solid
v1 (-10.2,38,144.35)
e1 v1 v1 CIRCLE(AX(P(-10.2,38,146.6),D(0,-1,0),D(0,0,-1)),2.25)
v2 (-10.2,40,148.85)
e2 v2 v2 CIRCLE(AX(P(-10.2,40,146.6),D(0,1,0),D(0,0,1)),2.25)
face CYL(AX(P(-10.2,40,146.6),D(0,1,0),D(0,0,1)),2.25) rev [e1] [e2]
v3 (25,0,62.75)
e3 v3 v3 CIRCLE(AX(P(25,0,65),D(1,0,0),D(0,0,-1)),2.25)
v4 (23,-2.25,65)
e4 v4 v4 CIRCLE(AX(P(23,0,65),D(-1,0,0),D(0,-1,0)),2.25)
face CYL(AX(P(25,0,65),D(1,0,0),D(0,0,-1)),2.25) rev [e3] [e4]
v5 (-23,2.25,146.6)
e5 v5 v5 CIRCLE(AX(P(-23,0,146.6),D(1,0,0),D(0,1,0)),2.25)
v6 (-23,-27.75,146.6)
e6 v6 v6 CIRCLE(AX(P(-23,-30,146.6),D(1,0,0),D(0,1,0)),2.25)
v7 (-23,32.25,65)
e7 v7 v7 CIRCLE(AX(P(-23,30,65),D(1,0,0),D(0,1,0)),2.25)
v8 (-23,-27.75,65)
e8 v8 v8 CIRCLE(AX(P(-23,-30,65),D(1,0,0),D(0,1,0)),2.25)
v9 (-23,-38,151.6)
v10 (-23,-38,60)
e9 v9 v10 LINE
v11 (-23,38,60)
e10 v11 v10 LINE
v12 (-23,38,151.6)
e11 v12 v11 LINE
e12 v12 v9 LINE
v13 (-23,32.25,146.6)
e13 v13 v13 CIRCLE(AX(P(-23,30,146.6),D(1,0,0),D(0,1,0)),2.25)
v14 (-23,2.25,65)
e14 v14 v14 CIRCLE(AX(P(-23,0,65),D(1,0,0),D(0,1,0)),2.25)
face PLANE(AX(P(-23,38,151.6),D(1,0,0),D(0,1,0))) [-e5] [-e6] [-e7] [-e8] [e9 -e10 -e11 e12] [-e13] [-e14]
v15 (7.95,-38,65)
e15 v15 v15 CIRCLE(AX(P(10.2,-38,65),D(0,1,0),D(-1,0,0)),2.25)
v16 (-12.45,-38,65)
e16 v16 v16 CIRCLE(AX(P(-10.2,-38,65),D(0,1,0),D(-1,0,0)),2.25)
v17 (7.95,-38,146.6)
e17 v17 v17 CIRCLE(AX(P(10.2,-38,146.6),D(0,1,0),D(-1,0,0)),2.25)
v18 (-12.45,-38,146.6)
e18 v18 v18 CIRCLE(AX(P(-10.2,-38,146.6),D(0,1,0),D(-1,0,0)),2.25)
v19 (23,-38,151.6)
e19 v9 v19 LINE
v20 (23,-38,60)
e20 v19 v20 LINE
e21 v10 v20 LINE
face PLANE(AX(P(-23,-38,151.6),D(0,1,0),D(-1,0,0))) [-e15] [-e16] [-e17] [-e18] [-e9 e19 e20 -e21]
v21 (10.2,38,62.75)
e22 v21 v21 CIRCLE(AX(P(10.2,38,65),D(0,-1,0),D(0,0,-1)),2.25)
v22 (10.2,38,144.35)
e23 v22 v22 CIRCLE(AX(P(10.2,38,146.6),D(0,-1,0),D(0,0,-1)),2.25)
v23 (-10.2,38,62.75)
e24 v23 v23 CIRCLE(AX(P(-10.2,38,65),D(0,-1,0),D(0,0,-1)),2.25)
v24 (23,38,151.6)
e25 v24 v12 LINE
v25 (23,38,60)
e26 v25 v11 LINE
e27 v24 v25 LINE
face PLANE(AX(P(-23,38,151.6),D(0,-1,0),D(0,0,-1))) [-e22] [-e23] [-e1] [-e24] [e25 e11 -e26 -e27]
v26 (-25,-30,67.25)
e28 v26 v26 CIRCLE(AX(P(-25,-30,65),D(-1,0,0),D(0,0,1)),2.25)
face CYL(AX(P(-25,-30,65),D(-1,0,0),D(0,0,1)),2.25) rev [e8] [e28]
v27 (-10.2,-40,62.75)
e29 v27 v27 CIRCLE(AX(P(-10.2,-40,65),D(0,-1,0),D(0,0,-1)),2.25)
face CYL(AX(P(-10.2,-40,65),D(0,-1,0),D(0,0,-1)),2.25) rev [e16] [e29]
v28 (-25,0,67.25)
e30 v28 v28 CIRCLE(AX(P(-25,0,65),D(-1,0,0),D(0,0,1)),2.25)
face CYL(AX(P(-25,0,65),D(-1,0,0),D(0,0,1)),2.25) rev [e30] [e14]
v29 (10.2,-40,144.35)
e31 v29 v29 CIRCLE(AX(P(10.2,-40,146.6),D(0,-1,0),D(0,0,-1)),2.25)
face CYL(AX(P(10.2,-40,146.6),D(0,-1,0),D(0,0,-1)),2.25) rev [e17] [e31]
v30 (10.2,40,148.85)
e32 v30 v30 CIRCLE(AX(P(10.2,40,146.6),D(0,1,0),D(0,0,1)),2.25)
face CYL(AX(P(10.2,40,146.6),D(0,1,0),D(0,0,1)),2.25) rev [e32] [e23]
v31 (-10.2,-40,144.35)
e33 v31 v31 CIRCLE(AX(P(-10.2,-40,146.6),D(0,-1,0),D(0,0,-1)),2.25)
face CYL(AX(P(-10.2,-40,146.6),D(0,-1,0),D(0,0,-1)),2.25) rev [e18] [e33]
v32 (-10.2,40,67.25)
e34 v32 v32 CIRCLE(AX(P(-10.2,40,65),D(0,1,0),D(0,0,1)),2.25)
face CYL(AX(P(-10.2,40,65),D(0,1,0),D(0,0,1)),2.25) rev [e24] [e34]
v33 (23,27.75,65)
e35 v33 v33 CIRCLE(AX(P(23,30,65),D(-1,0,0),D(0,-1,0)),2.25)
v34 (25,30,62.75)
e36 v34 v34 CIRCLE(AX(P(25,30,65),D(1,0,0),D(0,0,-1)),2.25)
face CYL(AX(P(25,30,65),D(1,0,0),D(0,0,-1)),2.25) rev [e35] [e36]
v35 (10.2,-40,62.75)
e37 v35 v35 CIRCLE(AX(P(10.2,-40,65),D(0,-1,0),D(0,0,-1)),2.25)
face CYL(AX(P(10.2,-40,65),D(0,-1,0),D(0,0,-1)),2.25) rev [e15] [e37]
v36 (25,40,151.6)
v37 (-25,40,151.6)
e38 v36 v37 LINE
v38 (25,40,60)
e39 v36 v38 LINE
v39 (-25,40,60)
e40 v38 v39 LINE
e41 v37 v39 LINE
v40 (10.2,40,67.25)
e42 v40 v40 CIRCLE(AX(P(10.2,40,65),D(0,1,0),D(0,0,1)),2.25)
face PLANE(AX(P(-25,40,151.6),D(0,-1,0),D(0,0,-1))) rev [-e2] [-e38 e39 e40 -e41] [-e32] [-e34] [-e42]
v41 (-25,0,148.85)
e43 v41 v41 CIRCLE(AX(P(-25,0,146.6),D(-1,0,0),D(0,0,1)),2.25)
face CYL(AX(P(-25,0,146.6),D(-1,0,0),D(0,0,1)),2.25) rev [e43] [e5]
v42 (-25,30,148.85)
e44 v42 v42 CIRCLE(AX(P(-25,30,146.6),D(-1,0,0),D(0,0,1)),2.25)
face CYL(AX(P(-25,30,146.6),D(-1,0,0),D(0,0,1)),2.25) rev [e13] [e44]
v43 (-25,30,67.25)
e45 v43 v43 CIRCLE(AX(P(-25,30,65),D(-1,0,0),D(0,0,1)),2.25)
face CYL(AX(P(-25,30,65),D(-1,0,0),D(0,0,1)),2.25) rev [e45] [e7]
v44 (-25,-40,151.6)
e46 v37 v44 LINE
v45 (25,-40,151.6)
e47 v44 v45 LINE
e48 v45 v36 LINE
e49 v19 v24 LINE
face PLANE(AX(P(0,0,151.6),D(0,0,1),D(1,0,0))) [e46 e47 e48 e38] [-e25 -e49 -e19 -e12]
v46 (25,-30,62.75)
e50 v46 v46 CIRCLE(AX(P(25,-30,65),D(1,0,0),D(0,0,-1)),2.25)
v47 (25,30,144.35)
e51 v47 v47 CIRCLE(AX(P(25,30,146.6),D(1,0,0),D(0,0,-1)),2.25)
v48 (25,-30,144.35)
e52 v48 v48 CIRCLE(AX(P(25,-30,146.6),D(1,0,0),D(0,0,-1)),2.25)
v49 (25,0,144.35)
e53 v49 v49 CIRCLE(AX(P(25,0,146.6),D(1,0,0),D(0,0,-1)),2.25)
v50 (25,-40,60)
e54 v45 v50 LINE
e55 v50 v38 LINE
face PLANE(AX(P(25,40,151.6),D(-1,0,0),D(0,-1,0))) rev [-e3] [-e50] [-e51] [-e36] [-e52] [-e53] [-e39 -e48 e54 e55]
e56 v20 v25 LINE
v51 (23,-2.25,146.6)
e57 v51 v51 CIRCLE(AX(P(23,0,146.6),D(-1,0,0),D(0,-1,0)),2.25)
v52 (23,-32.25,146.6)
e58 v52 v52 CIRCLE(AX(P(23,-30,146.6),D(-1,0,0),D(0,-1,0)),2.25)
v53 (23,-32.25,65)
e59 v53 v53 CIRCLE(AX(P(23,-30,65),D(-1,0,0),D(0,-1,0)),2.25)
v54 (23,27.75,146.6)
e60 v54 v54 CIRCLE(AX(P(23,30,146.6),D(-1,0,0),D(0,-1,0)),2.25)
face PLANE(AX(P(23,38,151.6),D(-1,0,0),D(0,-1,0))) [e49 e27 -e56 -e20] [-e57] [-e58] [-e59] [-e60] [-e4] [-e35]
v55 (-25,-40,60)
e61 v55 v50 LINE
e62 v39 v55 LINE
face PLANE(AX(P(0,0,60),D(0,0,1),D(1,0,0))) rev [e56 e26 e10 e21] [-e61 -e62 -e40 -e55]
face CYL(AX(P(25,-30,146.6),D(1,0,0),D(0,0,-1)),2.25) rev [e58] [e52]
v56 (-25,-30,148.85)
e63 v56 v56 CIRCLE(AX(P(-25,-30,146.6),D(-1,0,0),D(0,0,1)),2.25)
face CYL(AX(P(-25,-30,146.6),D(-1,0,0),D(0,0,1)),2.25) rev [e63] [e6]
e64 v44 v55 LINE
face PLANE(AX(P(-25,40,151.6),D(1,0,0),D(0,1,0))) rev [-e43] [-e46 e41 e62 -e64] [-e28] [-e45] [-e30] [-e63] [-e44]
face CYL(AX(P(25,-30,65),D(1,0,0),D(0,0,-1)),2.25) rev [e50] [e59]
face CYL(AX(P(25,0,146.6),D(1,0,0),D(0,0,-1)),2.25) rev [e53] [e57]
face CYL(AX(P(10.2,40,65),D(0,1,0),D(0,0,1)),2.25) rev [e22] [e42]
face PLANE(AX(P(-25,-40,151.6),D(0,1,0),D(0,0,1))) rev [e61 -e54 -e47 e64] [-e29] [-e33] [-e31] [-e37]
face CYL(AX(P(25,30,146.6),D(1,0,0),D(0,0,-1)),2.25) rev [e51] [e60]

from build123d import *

# Parameters (mm, degrees)
SKETCH1_W                      = 50
SKETCH1_H                      = 80
SKETCH1_W_2                    = 46
SKETCH1_H_2                    = 76
BOSS_EXTRUDE1_DEPTH            = 91.6
M4_CLEARANCE_HOLE1_D           = 4.5
M4_CLEARANCE_HOLE1_ON_FACE_2_D = 4.5
M4_CLEARANCE_HOLE1_ON_FACE_3_D = 4.5
M4_CLEARANCE_HOLE1_ON_FACE_4_D = 4.5


with BuildPart() as part:
    # Sketch1 → Boss-Extrude1 (new body)
    with BuildSketch(Plane.XY.offset(60)):
        Rectangle(SKETCH1_W, SKETCH1_H)
        Rectangle(SKETCH1_W_2, SKETCH1_H_2, mode=Mode.SUBTRACT)
    extrude(amount=BOSS_EXTRUDE1_DEPTH)

    # M4 Clearance Hole1 (through all)
    with Locations(Plane(origin=(25, 30, 65), x_dir=(0, 1, 0), z_dir=(1, 0, 0))):
        with Locations((0, 0), (-30, 0), (-60, 0), (-60, 81.6), (-30, 81.6), (0, 81.6)):
            Hole(M4_CLEARANCE_HOLE1_D / 2)

    # M4 Clearance Hole1 on face 2 (through all)
    with Locations(Plane(origin=(10.2, -40, 65), x_dir=(0, 0, -1), z_dir=(0, -1, 0))):
        with Locations((0, 0), (0, -20.4), (-81.6, -20.4), (-81.6, 0)):
            Hole(M4_CLEARANCE_HOLE1_ON_FACE_2_D / 2)

    # M4 Clearance Hole1 on face 3 (through all)
    with Locations(Plane(origin=(-25, -30, 65), x_dir=(0, 0, -1), z_dir=(-1, 0, 0))):
        with Locations((0, 0), (0, -60), (0, -30), (-81.6, -60), (-81.6, -30), (-81.6, 0)):
            Hole(M4_CLEARANCE_HOLE1_ON_FACE_3_D / 2)

    # M4 Clearance Hole1 on face 4 (through all)
    with Locations(Plane(origin=(10.2, 40, 65), x_dir=(0, 0, 1), z_dir=(0, 1, 0))):
        with Locations((0, 0), (0, -20.4), (81.6, 0), (81.6, -20.4)):
            Hole(M4_CLEARANCE_HOLE1_ON_FACE_4_D / 2)


solid = part.part
